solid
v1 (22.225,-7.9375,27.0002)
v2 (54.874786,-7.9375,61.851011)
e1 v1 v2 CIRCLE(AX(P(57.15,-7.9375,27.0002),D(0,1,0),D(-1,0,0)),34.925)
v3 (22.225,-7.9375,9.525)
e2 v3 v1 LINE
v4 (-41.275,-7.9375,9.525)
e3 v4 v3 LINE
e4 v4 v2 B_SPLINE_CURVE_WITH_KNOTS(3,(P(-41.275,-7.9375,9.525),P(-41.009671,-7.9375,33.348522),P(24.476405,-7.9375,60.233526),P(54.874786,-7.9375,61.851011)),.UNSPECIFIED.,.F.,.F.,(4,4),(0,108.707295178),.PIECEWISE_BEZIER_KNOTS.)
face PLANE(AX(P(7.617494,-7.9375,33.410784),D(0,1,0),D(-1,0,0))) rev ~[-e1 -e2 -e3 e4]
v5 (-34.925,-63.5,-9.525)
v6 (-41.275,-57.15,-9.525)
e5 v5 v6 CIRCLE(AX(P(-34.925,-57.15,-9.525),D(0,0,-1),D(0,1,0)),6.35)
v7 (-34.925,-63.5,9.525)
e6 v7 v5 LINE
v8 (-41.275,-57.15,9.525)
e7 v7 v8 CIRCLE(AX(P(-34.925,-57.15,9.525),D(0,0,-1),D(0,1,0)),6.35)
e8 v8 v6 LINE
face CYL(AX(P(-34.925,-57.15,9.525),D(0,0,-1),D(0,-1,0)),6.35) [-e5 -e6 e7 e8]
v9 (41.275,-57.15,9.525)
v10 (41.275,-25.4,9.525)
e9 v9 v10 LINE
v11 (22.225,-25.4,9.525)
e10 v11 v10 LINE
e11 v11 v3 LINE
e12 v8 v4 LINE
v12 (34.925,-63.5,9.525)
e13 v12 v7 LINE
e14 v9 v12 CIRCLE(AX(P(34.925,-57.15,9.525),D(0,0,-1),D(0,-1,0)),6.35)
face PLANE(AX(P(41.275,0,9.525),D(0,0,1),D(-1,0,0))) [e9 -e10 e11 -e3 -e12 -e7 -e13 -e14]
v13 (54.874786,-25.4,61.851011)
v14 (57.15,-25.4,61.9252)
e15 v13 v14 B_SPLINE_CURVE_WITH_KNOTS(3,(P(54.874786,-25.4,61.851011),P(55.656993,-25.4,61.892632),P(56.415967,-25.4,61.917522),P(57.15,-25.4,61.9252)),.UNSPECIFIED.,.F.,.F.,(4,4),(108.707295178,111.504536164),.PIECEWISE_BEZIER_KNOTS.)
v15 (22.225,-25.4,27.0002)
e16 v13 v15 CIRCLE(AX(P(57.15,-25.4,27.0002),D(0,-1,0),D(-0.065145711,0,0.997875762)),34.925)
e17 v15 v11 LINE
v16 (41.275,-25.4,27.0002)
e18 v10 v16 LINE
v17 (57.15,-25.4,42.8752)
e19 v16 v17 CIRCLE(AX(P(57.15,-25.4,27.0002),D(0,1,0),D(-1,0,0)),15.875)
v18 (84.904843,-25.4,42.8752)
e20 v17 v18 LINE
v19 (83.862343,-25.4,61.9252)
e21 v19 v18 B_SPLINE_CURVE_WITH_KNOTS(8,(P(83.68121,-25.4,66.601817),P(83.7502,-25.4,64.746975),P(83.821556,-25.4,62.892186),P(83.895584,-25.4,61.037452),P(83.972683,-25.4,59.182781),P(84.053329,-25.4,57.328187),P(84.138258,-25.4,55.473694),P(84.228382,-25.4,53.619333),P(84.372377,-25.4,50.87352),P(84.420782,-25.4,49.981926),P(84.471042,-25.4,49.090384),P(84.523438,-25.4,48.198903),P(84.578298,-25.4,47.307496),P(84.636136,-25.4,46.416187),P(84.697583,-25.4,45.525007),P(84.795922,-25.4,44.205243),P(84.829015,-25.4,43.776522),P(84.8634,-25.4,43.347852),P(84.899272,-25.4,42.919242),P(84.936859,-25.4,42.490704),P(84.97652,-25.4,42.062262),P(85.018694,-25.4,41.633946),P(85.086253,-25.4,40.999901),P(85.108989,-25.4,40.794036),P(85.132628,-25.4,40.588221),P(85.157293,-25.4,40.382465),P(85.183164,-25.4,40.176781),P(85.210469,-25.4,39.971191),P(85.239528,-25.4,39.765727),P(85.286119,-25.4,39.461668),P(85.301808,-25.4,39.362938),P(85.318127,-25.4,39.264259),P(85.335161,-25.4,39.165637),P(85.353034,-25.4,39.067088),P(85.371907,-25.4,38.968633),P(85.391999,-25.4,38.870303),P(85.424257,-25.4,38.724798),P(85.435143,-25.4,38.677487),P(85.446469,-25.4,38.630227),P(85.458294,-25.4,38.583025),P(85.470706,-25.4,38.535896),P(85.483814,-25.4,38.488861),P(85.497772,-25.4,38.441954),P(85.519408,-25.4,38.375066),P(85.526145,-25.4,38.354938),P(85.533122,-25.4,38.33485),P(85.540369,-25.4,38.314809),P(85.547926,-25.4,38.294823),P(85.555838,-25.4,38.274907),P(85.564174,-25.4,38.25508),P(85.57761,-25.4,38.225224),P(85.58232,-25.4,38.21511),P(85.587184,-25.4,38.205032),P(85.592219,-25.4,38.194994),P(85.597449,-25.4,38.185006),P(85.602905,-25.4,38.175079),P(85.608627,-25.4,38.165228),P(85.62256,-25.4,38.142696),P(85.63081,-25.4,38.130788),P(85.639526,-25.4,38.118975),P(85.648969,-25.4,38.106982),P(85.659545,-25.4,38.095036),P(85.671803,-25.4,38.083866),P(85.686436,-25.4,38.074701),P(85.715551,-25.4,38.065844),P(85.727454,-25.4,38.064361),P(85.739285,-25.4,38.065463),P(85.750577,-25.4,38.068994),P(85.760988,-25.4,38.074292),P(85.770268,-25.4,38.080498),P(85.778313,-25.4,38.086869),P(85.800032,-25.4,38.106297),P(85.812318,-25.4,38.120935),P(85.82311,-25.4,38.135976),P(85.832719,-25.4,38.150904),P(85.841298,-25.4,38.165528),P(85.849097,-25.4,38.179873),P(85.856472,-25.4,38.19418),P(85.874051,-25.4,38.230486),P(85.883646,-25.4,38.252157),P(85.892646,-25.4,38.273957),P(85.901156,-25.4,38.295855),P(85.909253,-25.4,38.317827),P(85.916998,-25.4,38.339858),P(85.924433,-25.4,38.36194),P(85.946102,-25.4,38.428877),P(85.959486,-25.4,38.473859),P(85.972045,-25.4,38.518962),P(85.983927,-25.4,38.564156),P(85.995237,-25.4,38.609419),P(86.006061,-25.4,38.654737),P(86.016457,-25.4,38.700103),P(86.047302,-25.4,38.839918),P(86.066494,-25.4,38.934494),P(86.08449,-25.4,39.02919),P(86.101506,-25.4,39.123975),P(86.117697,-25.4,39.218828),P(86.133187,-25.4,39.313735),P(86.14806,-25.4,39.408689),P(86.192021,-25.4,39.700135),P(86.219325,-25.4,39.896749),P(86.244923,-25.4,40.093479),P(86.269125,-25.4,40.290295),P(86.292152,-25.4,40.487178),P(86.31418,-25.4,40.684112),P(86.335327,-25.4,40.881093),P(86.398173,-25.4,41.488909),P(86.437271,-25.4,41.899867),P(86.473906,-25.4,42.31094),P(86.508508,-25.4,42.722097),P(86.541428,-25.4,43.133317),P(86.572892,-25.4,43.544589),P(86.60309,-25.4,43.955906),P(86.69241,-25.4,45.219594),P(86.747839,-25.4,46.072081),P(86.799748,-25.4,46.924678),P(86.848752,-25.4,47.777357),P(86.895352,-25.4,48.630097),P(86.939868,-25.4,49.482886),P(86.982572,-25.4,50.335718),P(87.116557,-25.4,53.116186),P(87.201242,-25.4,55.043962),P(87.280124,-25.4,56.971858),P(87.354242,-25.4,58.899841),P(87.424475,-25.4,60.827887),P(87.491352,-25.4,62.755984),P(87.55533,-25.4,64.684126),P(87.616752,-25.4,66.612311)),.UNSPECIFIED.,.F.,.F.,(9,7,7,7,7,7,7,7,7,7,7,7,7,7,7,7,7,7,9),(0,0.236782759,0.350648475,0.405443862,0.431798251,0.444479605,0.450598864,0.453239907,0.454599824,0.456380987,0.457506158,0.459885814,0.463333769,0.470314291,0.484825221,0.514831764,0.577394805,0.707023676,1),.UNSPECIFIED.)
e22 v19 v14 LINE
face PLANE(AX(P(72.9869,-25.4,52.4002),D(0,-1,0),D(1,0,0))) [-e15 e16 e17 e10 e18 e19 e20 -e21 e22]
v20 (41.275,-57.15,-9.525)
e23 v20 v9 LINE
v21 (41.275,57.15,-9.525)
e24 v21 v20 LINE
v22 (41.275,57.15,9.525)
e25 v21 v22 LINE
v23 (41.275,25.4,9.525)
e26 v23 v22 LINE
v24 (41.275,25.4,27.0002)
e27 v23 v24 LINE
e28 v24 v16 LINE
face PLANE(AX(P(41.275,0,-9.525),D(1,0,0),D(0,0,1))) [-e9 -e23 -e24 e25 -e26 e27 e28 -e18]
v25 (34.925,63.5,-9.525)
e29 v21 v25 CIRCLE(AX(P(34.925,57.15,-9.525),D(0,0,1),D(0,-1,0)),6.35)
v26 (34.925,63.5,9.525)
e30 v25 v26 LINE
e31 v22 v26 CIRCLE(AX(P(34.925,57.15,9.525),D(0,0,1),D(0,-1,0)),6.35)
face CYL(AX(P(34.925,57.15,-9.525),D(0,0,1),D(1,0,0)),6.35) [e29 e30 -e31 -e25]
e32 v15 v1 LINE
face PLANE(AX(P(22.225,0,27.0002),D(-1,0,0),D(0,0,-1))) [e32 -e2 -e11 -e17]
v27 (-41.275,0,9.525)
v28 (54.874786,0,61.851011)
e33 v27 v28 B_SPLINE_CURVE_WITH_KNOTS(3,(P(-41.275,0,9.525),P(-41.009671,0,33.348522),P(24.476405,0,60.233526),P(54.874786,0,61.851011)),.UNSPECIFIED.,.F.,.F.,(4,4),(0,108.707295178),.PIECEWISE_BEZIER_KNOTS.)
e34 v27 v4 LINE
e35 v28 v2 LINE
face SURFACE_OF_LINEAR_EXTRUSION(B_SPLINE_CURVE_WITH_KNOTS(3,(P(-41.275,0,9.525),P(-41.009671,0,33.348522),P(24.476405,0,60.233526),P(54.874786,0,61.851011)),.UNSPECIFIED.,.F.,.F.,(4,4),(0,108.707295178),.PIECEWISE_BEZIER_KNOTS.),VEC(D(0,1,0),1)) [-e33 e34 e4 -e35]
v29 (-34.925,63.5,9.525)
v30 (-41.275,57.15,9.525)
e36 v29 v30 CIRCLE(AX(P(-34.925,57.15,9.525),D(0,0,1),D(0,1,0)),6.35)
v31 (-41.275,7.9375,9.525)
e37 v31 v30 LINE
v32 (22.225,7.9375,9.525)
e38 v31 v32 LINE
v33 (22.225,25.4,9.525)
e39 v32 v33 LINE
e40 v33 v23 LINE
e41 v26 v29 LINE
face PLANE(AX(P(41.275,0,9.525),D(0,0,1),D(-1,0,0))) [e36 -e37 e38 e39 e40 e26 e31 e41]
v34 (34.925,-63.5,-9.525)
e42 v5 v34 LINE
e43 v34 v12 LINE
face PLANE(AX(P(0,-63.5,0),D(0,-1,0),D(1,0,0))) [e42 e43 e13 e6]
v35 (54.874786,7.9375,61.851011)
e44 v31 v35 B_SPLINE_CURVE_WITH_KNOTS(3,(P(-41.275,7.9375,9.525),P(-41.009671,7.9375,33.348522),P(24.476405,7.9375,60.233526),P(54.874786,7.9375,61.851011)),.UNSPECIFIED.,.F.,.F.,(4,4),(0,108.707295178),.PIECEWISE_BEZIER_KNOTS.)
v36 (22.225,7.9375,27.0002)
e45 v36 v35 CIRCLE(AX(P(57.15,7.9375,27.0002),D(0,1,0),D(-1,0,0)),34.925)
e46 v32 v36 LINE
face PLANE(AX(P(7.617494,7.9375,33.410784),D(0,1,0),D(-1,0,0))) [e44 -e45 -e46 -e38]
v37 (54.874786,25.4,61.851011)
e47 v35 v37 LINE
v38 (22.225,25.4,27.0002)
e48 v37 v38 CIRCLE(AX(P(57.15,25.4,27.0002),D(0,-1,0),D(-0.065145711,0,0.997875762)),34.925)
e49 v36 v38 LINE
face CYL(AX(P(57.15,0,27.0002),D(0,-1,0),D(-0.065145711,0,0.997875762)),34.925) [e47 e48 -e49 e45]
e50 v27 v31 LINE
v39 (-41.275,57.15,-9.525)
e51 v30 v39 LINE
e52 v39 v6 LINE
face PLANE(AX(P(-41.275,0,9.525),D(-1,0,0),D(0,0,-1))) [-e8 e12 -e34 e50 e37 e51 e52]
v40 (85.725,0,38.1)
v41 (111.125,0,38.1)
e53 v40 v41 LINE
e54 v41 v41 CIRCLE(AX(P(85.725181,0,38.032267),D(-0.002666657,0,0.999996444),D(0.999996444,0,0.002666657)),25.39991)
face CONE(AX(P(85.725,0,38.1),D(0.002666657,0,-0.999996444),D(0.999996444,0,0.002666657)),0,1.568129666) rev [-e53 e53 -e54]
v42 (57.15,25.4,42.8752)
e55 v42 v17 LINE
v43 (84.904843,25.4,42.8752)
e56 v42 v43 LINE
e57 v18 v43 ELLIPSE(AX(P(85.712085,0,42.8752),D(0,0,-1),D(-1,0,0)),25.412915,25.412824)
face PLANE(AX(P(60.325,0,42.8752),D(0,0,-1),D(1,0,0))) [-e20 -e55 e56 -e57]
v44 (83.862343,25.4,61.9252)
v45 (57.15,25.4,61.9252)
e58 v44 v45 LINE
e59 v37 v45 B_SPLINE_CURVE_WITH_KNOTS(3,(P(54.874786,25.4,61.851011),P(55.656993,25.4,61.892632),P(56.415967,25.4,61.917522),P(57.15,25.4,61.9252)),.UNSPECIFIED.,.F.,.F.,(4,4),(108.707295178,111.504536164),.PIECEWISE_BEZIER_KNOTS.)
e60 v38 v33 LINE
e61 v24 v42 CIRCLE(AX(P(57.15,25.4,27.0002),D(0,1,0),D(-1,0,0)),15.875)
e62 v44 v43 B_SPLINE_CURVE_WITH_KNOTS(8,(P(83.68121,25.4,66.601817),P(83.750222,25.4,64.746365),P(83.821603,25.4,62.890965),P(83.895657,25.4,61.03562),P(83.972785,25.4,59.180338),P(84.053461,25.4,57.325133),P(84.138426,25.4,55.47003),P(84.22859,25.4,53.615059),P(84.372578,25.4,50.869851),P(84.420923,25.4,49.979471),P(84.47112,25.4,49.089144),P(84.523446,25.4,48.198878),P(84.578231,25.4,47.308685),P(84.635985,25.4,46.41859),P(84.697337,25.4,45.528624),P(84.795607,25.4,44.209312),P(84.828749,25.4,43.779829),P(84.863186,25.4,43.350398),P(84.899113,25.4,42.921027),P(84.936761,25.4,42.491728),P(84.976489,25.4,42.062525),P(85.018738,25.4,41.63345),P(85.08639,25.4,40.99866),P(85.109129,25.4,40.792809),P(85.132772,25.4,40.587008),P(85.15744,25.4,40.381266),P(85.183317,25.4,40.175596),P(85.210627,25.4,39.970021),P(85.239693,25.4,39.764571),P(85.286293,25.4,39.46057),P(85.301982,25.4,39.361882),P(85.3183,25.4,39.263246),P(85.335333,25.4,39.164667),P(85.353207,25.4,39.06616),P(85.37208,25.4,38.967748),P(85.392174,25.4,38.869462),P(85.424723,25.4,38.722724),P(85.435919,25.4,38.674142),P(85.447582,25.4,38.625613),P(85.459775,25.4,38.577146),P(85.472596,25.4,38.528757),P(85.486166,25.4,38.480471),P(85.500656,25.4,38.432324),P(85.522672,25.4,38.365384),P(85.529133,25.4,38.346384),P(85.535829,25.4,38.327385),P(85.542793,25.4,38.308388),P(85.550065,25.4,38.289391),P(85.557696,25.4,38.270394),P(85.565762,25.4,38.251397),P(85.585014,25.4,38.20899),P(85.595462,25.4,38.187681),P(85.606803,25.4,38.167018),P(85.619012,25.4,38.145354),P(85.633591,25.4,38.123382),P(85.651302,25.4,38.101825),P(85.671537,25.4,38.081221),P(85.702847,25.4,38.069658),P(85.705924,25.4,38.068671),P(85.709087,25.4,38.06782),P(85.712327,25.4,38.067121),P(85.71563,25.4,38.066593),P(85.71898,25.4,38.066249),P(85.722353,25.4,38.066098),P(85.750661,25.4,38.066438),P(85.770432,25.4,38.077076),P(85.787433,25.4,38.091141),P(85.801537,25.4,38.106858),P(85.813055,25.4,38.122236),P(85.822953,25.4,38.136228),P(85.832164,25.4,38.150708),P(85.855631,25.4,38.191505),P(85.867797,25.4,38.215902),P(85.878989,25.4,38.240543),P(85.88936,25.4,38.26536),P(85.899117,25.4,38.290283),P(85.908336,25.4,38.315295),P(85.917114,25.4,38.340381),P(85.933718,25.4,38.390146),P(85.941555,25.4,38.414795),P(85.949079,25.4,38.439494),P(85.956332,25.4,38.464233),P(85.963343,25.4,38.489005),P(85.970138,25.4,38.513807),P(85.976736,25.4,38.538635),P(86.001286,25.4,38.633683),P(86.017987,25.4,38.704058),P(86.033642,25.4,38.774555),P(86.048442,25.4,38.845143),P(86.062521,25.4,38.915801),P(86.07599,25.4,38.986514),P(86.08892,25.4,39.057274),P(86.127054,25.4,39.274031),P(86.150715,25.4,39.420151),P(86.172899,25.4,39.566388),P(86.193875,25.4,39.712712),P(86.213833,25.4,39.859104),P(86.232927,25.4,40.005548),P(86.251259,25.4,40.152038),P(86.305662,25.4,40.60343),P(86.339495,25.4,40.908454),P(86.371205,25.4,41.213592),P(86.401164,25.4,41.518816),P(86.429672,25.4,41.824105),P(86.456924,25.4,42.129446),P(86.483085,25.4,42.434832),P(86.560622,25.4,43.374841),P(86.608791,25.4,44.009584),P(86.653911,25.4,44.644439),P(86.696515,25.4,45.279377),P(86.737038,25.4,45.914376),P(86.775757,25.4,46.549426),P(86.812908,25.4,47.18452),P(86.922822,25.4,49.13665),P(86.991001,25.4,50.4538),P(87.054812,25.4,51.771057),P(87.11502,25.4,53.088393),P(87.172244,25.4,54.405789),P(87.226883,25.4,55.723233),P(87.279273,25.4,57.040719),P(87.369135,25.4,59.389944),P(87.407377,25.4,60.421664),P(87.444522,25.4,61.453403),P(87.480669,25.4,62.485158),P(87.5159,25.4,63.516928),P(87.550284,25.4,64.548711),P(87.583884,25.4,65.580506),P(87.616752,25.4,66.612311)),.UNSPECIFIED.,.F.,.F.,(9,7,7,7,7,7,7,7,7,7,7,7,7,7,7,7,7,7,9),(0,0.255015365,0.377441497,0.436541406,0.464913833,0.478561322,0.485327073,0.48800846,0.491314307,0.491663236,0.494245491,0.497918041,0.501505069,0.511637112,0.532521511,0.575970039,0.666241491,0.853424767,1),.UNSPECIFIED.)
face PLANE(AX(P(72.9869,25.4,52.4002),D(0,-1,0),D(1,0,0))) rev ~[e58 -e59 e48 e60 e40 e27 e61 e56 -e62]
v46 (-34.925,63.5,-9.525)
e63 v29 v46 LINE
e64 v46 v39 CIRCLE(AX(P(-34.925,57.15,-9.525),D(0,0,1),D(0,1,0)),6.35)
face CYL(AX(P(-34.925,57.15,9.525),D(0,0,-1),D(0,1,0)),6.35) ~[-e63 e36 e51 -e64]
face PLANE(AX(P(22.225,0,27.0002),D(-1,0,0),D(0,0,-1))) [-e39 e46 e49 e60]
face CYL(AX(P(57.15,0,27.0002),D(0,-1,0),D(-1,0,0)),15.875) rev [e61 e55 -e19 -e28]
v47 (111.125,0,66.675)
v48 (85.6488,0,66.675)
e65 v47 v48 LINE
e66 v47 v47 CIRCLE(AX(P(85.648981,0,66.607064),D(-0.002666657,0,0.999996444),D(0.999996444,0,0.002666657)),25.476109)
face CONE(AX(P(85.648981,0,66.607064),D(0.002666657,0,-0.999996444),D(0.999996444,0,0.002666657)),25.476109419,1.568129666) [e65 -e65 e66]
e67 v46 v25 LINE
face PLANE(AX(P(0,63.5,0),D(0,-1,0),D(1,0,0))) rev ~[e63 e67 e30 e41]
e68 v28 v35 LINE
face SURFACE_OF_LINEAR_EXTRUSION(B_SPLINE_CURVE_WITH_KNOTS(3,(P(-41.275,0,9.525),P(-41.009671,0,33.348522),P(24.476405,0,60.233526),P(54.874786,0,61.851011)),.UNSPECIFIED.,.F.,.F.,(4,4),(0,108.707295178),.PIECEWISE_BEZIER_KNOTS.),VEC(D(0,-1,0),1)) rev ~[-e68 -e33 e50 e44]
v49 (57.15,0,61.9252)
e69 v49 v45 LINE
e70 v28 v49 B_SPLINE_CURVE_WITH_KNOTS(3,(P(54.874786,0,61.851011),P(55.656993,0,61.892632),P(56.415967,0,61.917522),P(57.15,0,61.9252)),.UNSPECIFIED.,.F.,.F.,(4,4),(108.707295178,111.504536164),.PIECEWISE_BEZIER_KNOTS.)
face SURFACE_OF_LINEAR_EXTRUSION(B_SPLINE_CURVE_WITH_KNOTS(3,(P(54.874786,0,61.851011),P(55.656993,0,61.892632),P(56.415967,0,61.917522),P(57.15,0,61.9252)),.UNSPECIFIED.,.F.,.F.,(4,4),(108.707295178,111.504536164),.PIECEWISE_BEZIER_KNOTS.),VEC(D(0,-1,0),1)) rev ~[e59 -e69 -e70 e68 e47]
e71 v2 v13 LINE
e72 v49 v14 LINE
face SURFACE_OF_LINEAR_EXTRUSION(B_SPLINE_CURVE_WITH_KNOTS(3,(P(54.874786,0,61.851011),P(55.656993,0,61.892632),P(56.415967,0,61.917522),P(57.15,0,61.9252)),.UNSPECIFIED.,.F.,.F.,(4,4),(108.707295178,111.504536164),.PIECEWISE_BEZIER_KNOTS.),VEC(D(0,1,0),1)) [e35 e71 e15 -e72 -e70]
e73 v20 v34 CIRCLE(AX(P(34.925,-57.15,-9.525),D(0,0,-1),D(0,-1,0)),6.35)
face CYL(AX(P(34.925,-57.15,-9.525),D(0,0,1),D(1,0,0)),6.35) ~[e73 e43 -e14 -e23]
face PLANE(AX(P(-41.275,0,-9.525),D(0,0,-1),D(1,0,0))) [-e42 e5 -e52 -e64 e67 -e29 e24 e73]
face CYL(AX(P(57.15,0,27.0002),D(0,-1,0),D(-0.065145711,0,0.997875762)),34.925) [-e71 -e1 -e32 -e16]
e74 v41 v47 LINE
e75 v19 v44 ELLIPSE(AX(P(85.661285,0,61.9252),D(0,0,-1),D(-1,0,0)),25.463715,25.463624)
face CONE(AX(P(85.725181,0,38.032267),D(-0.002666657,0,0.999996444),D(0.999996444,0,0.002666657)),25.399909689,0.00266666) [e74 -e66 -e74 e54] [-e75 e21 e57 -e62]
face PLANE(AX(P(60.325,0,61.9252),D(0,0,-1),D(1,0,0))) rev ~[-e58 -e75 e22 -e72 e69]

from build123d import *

# Parameters (mm, degrees)
F1_DEPTH = 63.5
F2_DEPTH = 7.9375
F3_DEPTH = 25.4
F0_W     = 25.3238
F0_H     = 19.05
F4_DEPTH = 25.4
F6_R     = 6.35


with BuildPart() as f1:
    # F0 (on Front) → F1 (new body, symmetric)
    with BuildSketch(Plane.XZ):
        Polygon((-41.275, 9.525), (-41.275, -9.525), (41.275, -9.525), (41.275, 9.525), (22.225, 9.525), align=None)
    extrude(amount=F1_DEPTH, both=True)

    # F0 (on Front) → F2 (join, symmetric)
    with BuildSketch(Plane.XZ):
        with BuildLine():
            add(Edge.make_bspline(
                [(-41.275, 9.525), (-41.0096709394, 33.3485221213), (24.4764054446, 60.2335256768), (54.8747860488, 61.8510109874)],
                knots=[0, 0, 0, 0, 108.7072951775, 108.7072951775, 108.7072951775, 108.7072951775], degree=3))
            Line((-41.275, 9.525), (22.225, 9.525))
            Line((22.225, 9.525), (22.225, 27.0002))
            ThreePointArc((22.225, 27.0002), (31.6625769031, 50.8779488235), (54.8747860488, 61.8510109874))
        make_face()
    extrude(amount=F2_DEPTH, both=True)

    # F0 (on Front) → F3 (join, symmetric)
    with BuildSketch(Plane.XZ):
        with BuildLine():
            Line((22.225, 9.525), (41.275, 9.525))
            Line((41.275, 9.525), (41.275, 27.0002))
            ThreePointArc((41.275, 27.0002), (45.9246798487, 38.2255201513), (57.15, 42.8752))
            Line((57.15, 42.8752), (60.325, 42.8752))
            Line((60.325, 42.8752), (60.325, 61.9252))
            Line((60.325, 61.9252), (57.15, 61.9252))
            add(Edge.make_bspline(
                [(54.8747860488, 61.8510109874), (55.6569929467, 61.8926318942), (56.4159672755, 61.917522453), (57.15, 61.9252)],
                knots=[108.7072951775, 108.7072951775, 108.7072951775, 108.7072951775, 111.5045361635, 111.5045361635, 111.5045361635, 111.5045361635], degree=3))
            ThreePointArc((54.8747860488, 61.8510109874), (31.6625769031, 50.8779488235), (22.225, 27.0002))
            Line((22.225, 27.0002), (22.225, 9.525))
        make_face()
    extrude(amount=F3_DEPTH, both=True)

    # F0 (on Front) → F4 (join, symmetric)
    with BuildSketch(Plane.XZ):
        with Locations((72.9869, 52.4002)):
            Rectangle(F0_W, F0_H)
    extrude(amount=F4_DEPTH, both=True)

    # F0 (on Front) → F5 (revolve)
    with BuildSketch(Plane.XZ):
        Polygon((111.125, 66.675), (85.6488, 66.675), (85.725, 38.1), (111.125, 38.1), align=None)
    revolve(axis=Axis((85.6869, 0, 52.3875), (-0.0026666572, 0, 0.9999964445)))

    # F6
    f6_edges = [f1.edges().sort_by_distance(p)[0] for p in [
        (41.275, -63.5, 0),
        (41.275, 63.5, 0),
        (-41.275, 63.5, 0),
        (-41.275, -63.5, 0),
    ]]
    fillet(f6_edges, radius=F6_R)


solid = f1.part
